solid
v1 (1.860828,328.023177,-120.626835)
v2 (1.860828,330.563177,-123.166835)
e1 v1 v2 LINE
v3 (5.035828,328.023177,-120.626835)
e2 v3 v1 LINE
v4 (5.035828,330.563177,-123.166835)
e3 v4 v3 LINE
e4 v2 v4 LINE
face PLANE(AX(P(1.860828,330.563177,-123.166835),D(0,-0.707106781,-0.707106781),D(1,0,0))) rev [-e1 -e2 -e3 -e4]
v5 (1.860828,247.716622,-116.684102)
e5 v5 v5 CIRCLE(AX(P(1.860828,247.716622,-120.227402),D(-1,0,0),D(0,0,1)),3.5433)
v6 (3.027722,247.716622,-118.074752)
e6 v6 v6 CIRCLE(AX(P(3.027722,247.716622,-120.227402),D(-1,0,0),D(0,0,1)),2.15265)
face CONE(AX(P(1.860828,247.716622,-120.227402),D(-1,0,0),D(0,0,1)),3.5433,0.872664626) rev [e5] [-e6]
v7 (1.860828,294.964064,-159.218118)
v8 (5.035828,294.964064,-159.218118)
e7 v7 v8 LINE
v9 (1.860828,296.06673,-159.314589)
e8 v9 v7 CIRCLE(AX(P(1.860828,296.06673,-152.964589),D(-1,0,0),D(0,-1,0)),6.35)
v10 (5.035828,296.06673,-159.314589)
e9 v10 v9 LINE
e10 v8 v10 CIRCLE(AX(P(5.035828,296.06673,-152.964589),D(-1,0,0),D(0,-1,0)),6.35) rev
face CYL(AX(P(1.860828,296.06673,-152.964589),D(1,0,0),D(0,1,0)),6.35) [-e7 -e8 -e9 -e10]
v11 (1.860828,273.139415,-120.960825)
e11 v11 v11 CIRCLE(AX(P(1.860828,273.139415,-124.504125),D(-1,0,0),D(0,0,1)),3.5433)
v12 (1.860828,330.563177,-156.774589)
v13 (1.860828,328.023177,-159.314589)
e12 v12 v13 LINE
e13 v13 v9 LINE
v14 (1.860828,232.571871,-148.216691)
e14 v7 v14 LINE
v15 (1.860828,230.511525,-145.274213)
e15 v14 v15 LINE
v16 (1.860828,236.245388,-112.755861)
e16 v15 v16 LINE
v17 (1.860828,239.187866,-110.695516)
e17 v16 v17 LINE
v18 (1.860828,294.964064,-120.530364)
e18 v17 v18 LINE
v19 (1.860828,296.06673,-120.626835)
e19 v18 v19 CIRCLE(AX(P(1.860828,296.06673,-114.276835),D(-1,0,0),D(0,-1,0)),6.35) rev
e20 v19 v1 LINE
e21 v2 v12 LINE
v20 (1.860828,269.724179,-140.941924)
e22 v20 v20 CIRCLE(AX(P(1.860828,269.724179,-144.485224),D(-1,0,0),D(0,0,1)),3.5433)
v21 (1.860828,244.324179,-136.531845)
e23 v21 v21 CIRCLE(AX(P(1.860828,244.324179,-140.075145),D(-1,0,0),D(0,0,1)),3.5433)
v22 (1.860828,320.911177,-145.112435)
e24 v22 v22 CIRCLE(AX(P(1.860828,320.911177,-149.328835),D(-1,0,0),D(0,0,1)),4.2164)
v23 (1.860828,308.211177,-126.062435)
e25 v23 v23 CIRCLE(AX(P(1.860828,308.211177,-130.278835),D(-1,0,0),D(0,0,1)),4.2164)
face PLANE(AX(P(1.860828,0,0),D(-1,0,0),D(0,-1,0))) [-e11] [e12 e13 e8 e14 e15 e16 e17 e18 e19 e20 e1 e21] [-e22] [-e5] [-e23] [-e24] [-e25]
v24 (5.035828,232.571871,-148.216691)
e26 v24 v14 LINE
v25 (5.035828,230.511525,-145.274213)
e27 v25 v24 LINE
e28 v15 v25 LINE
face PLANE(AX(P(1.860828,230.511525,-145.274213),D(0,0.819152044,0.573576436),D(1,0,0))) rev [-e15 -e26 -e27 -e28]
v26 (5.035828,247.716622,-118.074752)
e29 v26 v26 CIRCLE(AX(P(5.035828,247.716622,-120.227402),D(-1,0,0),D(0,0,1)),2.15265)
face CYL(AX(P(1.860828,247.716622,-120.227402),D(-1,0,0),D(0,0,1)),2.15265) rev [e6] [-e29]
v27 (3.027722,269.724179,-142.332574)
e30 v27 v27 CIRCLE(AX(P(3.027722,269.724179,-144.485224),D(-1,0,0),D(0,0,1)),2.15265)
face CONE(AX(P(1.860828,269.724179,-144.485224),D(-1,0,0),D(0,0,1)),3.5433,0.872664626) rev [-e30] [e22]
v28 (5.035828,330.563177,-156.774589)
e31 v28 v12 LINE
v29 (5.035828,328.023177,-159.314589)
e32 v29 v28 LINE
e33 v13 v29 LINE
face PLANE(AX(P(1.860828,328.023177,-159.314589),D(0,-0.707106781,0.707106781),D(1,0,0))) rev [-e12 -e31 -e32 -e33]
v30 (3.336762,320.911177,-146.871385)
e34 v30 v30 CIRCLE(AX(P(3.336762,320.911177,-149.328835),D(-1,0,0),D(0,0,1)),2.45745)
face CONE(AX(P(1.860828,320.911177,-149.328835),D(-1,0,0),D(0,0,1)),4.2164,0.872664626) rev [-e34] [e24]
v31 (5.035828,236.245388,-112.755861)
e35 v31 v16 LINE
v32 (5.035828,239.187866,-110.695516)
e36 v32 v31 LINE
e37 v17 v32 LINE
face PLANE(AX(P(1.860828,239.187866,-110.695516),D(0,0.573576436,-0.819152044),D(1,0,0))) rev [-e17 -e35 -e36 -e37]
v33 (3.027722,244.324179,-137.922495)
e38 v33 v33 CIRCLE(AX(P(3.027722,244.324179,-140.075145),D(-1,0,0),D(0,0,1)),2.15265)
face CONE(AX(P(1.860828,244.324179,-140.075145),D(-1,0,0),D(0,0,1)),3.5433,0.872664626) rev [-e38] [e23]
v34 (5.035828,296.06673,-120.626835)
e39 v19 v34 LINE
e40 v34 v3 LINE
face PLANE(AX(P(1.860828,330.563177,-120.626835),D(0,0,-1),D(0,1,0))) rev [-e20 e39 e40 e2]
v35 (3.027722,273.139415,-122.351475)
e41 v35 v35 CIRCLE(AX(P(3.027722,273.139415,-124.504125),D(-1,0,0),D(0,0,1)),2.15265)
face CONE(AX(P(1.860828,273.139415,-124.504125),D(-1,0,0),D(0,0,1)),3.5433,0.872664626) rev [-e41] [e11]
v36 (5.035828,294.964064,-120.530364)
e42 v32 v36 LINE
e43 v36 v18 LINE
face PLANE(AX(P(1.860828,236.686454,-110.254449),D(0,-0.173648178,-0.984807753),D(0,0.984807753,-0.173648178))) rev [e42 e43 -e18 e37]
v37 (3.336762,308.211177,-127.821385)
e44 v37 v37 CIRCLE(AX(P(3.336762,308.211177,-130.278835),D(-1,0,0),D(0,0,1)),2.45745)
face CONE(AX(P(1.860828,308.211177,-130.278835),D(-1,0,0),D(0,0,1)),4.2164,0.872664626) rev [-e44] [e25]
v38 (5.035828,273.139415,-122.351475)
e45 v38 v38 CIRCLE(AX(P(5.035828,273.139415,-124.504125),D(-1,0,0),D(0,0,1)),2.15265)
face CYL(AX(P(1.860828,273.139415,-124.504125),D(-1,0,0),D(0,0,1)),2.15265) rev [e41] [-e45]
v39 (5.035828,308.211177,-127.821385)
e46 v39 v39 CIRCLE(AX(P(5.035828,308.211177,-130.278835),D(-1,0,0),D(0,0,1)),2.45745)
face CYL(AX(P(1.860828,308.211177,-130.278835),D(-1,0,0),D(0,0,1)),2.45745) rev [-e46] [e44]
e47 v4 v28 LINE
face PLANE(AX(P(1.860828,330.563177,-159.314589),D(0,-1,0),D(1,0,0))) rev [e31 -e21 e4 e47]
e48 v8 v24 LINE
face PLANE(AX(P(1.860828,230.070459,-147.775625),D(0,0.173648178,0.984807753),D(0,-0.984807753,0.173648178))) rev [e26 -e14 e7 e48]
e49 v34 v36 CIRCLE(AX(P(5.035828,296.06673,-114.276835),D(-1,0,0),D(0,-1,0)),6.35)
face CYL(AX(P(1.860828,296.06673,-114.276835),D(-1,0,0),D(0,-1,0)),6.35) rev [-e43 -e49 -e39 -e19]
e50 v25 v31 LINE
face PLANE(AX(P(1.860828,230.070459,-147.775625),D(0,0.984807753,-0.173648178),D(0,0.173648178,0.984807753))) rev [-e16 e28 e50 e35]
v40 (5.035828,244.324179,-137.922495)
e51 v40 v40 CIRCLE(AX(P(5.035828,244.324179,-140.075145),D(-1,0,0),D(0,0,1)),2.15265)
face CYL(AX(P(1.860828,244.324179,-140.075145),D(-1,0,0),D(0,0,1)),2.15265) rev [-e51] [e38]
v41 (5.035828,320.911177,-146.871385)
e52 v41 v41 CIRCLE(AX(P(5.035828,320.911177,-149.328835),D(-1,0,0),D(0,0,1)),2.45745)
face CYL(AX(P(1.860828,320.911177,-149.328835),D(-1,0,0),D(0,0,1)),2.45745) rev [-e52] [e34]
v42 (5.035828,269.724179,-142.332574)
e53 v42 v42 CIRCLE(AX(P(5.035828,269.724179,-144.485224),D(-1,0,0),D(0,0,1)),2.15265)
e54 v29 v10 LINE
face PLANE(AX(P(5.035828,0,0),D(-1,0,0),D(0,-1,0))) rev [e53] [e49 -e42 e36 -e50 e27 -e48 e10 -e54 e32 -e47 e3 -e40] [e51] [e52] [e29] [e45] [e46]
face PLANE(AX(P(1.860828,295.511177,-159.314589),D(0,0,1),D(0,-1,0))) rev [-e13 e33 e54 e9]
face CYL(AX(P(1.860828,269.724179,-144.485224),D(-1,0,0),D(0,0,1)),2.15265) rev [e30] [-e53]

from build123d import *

# Parameters (mm, degrees)
BOSS_EXTRUDE1_DEPTH                               = 3.175
FILLET1_R                                         = 6.35
CSK_FOR_6_FLAT_HEAD_MACHINE_SCREW_100_D           = 4.3053
CSK_FOR_6_FLAT_HEAD_MACHINE_SCREW_100_CSINK_D     = 7.0866
CSK_FOR_6_FLAT_HEAD_MACHINE_SCREW_100_CSINK_ANGLE = 100
CSK_FOR_8_FLAT_HEAD_MACHINE_SCREW_2_COUNT         = 2
CSK_FOR_8_FLAT_HEAD_MACHINE_SCREW_2_PITCH         = 22.895250599
CHAMFER1_SIZE                                     = 2.54


with BuildPart() as part:
    # Sketch1 → Boss-Extrude1 (new body)
    with BuildSketch(Plane.ZY.offset(-5.035827965)):
        Polygon((-147.77562455, 230.070458845), (-159.314588786, 295.511176933), (-159.314588786, 330.563176933), (-120.626834873, 330.563176933), (-120.626834873, 295.511176933), (-110.25444916, 236.686454414), align=None)
    extrude(amount=BOSS_EXTRUDE1_DEPTH)

    # Fillet1
    fillet1_edges = [part.edges().sort_by_distance(p)[0] for p in [
        (3.448327965, 295.511176933, -159.314588786),
        (3.448327965, 295.511176933, -120.626834873),
    ]]
    fillet(fillet1_edges, radius=FILLET1_R)

    # CSK for #6 Flat Head Machine Screw (100)1 (through all)
    with Locations(Plane.ZY.offset(-1.860827965)):
        with Locations((-124.504125043, 273.139415456), (-144.485224025, 269.724179148), (-140.075144867, 244.324179148), (-120.227402214, 247.716621746)):
            CounterSinkHole(CSK_FOR_6_FLAT_HEAD_MACHINE_SCREW_100_D / 2, CSK_FOR_6_FLAT_HEAD_MACHINE_SCREW_100_CSINK_D / 2, counter_sink_angle=CSK_FOR_6_FLAT_HEAD_MACHINE_SCREW_100_CSINK_ANGLE)

    # Sketch5 → CSK for #8 Flat Head Machine Screw (100)1 (revolve, cut)
    with BuildSketch(Plane(origin=(1.860827965, 320.911176933, -149.328834873), x_dir=(0, 0, 1), z_dir=(0, 1, 0))):
        Polygon((0, 0), (0, 3.175), (2.45745, 3.175), (2.45745, 1.475934296), (4.2164, 0), align=None)
    csk_for_8_flat_head_machine_screw_100 = revolve(axis=Axis((-4.489172035, 320.911176933, -149.328834873), (1, 0, 0)), mode=Mode.SUBTRACT)

    # CSK for _8 Flat Head Machine Screw _ 2: CSK for #8 Flat Head Machine Screw (100)1 ×2
    with Locations(*[Vector(0, -0.554700196, 0.832050294) * (i * CSK_FOR_8_FLAT_HEAD_MACHINE_SCREW_2_PITCH) for i in range(1, CSK_FOR_8_FLAT_HEAD_MACHINE_SCREW_2_COUNT)]):
        add(csk_for_8_flat_head_machine_screw_100, mode=Mode.SUBTRACT)

    # Chamfer1
    chamfer1_edges = [part.edges().sort_by_distance(p)[0] for p in [
        (3.448327965, 230.070458845, -147.77562455),
        (3.448327965, 330.563176933, -159.314588786),
        (3.448327965, 330.563176933, -120.626834873),
        (3.448327965, 236.686454414, -110.25444916),
    ]]
    chamfer(chamfer1_edges, length=CHAMFER1_SIZE)


solid = part.part
